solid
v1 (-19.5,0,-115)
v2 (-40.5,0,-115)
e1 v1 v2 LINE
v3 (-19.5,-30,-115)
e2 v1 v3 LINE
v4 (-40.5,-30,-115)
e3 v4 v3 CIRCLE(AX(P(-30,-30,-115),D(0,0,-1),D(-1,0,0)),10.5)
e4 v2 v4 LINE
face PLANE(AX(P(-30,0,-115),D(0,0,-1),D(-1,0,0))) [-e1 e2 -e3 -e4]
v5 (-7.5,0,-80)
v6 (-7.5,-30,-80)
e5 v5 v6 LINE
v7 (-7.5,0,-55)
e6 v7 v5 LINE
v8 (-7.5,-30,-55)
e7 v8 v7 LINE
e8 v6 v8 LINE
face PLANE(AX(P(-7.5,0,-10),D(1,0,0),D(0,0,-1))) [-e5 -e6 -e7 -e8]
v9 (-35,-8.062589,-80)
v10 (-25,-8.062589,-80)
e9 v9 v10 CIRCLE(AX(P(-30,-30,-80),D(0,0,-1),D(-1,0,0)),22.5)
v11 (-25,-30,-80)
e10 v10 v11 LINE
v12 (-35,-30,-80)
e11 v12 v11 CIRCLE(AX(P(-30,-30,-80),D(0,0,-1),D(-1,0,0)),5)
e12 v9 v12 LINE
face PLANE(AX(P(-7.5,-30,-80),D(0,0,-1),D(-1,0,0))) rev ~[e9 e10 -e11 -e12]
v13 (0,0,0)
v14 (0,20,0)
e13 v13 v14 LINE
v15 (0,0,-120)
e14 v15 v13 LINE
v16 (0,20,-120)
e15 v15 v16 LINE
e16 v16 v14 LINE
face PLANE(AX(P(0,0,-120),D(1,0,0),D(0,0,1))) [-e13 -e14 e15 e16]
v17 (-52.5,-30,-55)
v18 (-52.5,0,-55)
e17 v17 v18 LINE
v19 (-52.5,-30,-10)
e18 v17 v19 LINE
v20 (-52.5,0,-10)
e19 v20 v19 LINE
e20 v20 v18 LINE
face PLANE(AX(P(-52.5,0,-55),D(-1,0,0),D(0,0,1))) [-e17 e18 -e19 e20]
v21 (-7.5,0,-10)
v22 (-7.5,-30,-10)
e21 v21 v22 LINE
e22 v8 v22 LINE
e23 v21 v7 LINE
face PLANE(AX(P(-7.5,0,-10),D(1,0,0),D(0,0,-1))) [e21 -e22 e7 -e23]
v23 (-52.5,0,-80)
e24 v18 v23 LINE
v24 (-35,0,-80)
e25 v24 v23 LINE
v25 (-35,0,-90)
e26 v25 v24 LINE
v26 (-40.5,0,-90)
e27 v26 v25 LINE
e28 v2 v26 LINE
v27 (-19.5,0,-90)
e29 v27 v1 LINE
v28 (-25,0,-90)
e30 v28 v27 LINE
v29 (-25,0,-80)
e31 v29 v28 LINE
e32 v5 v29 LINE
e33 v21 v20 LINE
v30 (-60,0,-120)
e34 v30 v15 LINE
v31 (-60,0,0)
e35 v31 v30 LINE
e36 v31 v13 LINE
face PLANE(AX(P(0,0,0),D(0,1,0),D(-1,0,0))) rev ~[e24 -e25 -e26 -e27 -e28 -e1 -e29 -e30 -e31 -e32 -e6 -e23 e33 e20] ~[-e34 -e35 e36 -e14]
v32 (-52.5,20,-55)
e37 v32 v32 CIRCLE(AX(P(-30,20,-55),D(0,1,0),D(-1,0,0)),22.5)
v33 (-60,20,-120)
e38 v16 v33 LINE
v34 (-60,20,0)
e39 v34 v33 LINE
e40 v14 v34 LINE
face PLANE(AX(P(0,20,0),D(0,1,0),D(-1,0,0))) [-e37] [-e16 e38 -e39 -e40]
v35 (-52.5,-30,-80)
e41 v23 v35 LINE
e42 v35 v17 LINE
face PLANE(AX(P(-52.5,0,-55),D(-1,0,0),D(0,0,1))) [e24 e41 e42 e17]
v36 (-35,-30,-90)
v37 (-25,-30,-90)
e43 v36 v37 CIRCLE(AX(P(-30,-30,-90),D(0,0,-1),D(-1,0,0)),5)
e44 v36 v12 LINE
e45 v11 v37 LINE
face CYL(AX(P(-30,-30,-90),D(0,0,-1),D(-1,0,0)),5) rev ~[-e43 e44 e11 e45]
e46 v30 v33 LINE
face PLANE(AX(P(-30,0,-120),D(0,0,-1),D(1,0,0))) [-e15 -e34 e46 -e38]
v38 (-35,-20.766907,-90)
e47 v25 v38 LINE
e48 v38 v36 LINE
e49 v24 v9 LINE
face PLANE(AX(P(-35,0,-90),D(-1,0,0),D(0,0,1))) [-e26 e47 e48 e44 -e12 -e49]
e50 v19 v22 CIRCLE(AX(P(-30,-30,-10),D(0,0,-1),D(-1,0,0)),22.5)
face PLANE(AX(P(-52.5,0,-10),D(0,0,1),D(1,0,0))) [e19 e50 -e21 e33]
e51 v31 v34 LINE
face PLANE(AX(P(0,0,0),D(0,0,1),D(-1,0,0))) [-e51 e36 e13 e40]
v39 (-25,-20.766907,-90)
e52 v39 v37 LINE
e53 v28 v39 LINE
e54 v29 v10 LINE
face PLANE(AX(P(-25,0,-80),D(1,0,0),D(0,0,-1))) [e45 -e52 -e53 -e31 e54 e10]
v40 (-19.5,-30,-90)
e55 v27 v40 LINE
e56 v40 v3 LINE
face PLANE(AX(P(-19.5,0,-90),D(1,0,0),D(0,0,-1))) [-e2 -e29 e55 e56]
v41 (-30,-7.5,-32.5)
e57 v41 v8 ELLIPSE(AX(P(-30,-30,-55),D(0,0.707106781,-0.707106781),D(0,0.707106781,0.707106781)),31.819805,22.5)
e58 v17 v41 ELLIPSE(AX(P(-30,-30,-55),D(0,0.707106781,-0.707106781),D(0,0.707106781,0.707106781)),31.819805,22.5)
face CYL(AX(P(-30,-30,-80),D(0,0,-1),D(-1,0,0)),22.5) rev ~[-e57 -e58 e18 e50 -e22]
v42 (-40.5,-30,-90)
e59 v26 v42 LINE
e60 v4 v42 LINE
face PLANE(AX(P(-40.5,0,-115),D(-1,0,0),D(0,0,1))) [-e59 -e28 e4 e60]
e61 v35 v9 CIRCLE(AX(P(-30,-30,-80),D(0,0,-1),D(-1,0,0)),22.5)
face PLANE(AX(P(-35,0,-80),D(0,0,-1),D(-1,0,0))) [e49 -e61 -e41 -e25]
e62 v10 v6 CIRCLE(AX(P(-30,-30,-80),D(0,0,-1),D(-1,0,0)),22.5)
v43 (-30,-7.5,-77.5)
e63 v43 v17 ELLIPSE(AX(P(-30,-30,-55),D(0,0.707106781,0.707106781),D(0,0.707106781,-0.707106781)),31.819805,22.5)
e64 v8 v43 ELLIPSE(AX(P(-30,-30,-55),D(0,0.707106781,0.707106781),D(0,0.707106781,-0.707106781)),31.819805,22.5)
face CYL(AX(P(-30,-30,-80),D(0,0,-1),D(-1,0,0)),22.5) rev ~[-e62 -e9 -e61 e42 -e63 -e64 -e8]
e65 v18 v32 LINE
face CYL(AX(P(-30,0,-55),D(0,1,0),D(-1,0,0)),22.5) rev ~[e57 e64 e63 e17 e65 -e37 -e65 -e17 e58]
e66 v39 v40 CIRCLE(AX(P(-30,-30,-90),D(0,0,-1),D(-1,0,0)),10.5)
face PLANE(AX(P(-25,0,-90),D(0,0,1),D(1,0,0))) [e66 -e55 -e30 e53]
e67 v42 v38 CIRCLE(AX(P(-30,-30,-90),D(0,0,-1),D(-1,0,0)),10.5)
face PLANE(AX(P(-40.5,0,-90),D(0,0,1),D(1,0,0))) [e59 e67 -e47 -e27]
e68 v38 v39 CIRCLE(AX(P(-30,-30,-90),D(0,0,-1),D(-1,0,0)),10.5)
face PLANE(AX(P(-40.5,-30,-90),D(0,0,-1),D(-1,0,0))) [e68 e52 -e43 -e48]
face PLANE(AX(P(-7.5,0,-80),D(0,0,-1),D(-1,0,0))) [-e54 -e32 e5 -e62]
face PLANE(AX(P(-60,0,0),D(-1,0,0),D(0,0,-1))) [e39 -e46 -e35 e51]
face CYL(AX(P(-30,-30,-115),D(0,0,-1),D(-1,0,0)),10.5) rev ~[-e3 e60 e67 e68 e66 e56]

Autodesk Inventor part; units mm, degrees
ref_plane "YZ Plane" through (0, 0, 0) normal (1, 0, 0) x (0, 1, 0)
sketch "Sketch1" plane through (0, 0, 0) normal (0, 1, 0) x (-1, 0, 0)
  line L0 (0, 0) -> (60, 0)
  line L1 (60, 0) -> (60, -120)
  line L2 (60, -120) -> (0, -120)
  line L3 (0, -120) -> (0, 0)
  line L4 (30, -120) -> (30, 0)
  circle A0 centre (30, -55) radius 22.5
  line L5 (19.5, -90) -> (19.5, -115)
  line L6 (19.5, -115) -> (40.5, -115)
  line L7 (40.5, -115) -> (40.5, -90)
  line L8 (40.5, -90) -> (19.5, -90)
  line L9 (19.5, -90) -> (40.5, -115) construction
  line L10 (19.5, -115) -> (40.5, -90) construction
  line L11 (19.5, -90) -> (44.5, -90) construction
  line L12 (25, -80) -> (25, -90)
  line L13 (25, -90) -> (35, -90)
  line L14 (35, -90) -> (35, -80)
  line L15 (35, -80) -> (25, -80)
  line L16 (25, -80) -> (35, -90) construction
  line L17 (25, -90) -> (35, -80) construction
  line L18 (25, -80) -> (35, -80) construction
  line L19 (7.5, -10) -> (7.5, -80)
  line L20 (7.5, -80) -> (52.5, -80)
  line L21 (52.5, -80) -> (52.5, -10)
  line L22 (52.5, -10) -> (7.5, -10)
  line L23 (7.5, -10) -> (52.5, -80) construction
  line L24 (7.5, -80) -> (52.5, -10) construction
  line L25 (7.5, -10) -> (77.5, -10) construction
  point P0 (30, -115)
  point P1 (30, -90)
  point P2 (30, -90)
  point P3 (30, -80)
  point P4 (30, -77.5)
  point P5 (30, -25)
  point P6 (30, -102.5)
  point P7 (30, -10)
  point P8 (30, -85)
  point P9 (30, -10)
  point P10 (30, -45)
  point P11 (25, -90)
  point P12 (35, -90)
  point P13 (35, -80)
  point P14 (25, -80)
  dimension "d0" = 60
  dimension "d1" = 120
  dimension "d2" = 45
  dimension "d3" = 5
  dimension "d4" = 25
  dimension "d5" = 0
  dimension "d6" = 12.5
  dimension "d7" = 10
  dimension "d8" = 2.5
  dimension "d9" = 22.5
  dimension "d10" = -70
  dimension "d11" = 25
  dimension "d12" = 90
  dimension "d13" = 21
  dimension "d14" = 5
  dimension "d15" = 10
  dimension "d16" = 90
  dimension "d17" = 10
  dimension "d19" = -70
  dimension "d20" = 90
  dimension "d21" = -35
  dimension "d22" = 45
extrude "Extrusion1" add sketch "Sketch1" along normal blind 20
ref_plane "Work Plane1" through (0, 20, -120) normal (0, 0, -1) x (-1, 0, 0)
sketch "Sketch2" plane through (0, 20, -120) normal (0, 0, -1) x (-1, 0, 0)
  line L0 (0, -20) -> (60, -20) projected
  line L1 (60, -20) -> (60, 0) projected
  line L2 (0, 0) -> (60, 0) projected
  line L3 (0, -20) -> (0, 0) projected
  line L4 (60, -20) -> (0, -20) projected
  line L5 (0, -20) -> (60, -20)
  line L6 (60, -20) -> (60, -80)
  line L7 (60, -80) -> (0, -80)
  line L8 (0, -80) -> (0, -20)
  point P0 (30, -50)
  dimension "d25" = 60
  dimension "d26" = 60
  dimension "d27" = 30
  dimension "d28" = 30
ref_plane "Work Plane2" through (-30, -30, -120) normal (0, 1, 0) x (1, 0, 0)
extrude "Extrusion2" add sketch "Sketch1" against normal up to surface (30 mm away) contours L22 L21 A0 L4 | L4 A0 L19 L22 | A0 L4 | L4 A0 | L6 L5 L8 L4 | L4 L8 L7 L6 | A0 L21 L20 L15 L4 | L4 L15 L20 L19 A0 | L8 L12 L15 L4 | L4 L15 L14 L8
extrude "Extrusion3" cut sketch "Sketch1" along normal through all both and the other way through all contours A0 L4 | L4 A0
ref_plane "Work Plane6" through (-7.5, -30, -10) normal (0, 0, -1) x (-1, 0, 0)
ref_plane "Work Plane5" through (-7.5, -30, -80) normal (0, 0, -1) x (-1, 0, 0)
sketch "Sketch3" plane through (-40.5, -30, -115) normal (0, 0, -1) x (-1, 0, 0)
  line L0 (0, 30) -> (0, 0) projected
  circle A0 centre (-10.5, 0) radius 10.5
  point P0 (-40.5, 30)
sketch "Sketch4" plane through (-19.5, -30, -90) normal (0, 0, -1) x (-1, 0, 0)
  line L0 (5.5, 30) -> (5.5, 0) projected
  line L1 (15.5, 30) -> (15.5, 0) projected
  circle A0 centre (10.5, 0) radius 5
  point P0 (-19.5, 30)
sketch "Sketch5" plane through (-7.5, -30, -80) normal (0, 0, -1) x (-1, 0, 0)
  line L0 (0, 50) -> (45, 50) projected
  circle A0 centre (22.5, 0) radius 22.5
  point P0 (-7.5, 30)
extrude "Extrusion4" cut sketch "Sketch3" against normal up to surface (25 mm away)
extrude "Extrusion5" cut sketch "Sketch5" against normal up to surface (70 mm away)
extrude "Extrusion6" cut sketch "Sketch4" against normal up to surface (10 mm away)
ref_plane "Work Plane3" through (-40.5, -30, -115) normal (0, 0, -1) x (-1, 0, 0)
ref_plane "Work Plane4" through (-19.5, -30, -90) normal (0, 0, -1) x (-1, 0, 0)
equation "\"d4\" = d11"
equation "\"d6\" = 0.5 * d4"
equation "\"d7\" = d15"
equation "\"d9\" = 0.5 * d2"
equation "\"d14\" = 0.5 * d7"
equation "\"d19\" = d10"
equation "\"d21\" = 0.5 * d10"
equation "\"d22\" = d2"
equation "\"d25\" = d0"
equation "\"d26\" = d25"
equation "\"d27\" = 0.5 * d26"
equation "\"d28\" = 0.5 * d25"
properties part number "housing_lid_V2"
